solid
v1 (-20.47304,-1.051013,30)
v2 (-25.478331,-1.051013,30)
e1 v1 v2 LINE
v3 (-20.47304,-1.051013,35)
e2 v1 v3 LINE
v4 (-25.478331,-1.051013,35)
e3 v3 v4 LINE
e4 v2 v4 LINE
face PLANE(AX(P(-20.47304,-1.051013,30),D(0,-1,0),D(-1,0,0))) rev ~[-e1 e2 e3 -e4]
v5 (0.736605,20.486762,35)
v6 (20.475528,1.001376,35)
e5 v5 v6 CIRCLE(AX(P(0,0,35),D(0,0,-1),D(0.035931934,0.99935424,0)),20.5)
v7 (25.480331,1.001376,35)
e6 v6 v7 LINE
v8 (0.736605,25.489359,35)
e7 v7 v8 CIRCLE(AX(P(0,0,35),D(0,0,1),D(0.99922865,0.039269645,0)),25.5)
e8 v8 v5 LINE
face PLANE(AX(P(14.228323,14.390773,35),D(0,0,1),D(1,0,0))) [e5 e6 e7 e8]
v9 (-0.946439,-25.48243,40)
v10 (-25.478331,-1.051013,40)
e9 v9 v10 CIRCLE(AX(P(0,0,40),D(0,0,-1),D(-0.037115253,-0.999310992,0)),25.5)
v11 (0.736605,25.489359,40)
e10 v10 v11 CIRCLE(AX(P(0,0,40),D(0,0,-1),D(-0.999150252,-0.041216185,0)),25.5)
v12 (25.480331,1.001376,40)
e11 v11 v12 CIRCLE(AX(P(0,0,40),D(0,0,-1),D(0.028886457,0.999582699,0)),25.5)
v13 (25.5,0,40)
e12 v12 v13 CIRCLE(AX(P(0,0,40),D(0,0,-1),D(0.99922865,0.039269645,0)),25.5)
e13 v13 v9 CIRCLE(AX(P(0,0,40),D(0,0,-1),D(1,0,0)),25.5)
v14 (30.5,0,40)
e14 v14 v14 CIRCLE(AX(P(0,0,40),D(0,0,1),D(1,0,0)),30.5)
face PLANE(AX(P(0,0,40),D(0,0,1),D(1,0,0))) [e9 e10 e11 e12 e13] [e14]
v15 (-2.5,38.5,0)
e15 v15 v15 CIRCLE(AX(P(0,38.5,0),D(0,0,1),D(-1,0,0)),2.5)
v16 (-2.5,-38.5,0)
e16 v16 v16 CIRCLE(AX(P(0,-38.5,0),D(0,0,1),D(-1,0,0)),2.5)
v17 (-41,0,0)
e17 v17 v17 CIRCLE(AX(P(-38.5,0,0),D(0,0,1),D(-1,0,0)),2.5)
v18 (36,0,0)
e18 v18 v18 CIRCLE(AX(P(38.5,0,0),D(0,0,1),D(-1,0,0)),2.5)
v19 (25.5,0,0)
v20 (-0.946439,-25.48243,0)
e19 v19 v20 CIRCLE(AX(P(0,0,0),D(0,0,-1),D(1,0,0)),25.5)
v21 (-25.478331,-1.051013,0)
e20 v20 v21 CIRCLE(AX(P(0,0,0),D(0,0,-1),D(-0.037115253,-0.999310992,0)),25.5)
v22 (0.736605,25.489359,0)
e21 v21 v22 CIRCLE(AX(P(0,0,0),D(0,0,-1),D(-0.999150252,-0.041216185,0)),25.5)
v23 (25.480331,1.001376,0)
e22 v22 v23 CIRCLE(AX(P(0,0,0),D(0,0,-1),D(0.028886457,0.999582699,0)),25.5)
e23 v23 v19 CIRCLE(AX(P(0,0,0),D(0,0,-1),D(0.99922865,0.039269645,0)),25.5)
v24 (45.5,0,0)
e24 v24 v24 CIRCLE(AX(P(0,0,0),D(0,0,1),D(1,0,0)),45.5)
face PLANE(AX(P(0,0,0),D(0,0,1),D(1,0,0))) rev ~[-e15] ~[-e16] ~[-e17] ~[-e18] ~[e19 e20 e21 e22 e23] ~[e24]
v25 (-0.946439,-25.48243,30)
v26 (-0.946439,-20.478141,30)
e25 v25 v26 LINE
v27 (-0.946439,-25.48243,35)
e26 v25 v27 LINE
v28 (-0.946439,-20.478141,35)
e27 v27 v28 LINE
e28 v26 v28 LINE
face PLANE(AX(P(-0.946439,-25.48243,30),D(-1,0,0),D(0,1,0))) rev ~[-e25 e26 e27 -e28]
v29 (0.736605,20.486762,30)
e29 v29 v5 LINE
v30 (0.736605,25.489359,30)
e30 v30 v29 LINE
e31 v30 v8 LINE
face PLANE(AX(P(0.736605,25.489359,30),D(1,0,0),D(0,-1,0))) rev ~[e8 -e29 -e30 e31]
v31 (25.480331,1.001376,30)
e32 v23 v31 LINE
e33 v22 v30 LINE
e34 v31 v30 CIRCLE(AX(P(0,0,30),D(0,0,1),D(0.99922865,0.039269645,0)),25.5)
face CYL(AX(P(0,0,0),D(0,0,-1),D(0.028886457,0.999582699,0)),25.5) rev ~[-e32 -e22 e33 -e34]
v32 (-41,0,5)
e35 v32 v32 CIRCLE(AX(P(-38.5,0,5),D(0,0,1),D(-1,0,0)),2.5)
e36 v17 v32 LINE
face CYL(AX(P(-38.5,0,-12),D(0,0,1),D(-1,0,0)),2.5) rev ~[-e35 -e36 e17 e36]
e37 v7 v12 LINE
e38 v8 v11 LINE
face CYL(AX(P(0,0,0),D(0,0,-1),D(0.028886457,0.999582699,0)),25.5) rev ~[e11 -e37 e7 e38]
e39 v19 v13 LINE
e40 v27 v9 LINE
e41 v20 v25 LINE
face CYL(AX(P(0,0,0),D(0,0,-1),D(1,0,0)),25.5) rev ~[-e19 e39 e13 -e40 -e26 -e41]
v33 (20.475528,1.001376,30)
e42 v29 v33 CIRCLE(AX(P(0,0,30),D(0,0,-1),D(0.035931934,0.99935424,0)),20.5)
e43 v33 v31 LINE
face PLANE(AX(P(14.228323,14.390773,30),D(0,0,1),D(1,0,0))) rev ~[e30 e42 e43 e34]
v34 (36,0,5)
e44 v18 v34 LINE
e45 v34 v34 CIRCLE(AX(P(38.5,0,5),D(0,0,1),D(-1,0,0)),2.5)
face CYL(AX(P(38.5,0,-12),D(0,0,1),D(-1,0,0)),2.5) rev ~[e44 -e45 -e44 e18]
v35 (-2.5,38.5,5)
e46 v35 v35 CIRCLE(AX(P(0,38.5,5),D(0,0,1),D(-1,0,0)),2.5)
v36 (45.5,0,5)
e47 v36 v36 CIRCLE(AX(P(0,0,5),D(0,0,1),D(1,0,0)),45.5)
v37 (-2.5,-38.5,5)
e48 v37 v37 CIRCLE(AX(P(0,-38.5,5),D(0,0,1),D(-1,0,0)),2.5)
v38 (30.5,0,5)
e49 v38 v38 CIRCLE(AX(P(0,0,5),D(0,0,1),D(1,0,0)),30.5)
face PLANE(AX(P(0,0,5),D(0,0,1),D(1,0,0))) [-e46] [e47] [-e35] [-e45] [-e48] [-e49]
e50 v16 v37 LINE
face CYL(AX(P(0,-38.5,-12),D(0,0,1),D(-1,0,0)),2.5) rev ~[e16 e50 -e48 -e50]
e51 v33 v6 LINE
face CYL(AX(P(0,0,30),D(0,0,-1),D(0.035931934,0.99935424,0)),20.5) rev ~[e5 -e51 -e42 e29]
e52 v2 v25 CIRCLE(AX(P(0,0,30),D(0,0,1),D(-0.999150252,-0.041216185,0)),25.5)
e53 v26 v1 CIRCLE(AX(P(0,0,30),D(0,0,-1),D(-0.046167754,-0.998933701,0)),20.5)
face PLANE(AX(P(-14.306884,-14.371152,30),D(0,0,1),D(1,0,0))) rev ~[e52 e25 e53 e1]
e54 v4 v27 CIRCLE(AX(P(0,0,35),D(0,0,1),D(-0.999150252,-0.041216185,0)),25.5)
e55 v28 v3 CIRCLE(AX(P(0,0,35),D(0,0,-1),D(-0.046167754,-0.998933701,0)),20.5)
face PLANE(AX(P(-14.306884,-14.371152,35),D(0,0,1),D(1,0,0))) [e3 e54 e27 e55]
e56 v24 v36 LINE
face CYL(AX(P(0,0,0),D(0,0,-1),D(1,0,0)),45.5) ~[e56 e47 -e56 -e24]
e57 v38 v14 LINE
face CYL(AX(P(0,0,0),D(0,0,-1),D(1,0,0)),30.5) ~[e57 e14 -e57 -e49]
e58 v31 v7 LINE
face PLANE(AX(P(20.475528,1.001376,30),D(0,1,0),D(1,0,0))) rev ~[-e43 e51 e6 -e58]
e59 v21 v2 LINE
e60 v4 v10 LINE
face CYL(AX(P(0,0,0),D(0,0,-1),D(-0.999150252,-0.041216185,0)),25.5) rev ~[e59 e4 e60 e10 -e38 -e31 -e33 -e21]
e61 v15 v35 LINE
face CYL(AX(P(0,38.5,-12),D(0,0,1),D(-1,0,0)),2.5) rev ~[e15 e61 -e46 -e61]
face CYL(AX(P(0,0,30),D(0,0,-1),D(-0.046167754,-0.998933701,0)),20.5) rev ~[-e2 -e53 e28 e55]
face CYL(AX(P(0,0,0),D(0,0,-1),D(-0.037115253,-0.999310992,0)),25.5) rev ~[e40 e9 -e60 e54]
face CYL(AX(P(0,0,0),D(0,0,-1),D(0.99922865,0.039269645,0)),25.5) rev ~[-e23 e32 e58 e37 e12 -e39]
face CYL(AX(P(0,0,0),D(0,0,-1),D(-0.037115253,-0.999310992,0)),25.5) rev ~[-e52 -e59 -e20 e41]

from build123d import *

# Parameters (mm, degrees)
F0_R     = 45.5
F0_R_2   = 30.5
F1_DEPTH = 5
F2_DEPTH = 40
F3_D     = 5
F3_DEPTH = 12
F3_TIP   = 1.5021515476
F4_START = 30
F4_DEPTH = 5


with BuildPart() as f1:
    # F0 (on Top) → F1 (new body)
    with BuildSketch(Plane.XY):
        Circle(F0_R)
        Circle(F0_R_2, mode=Mode.SUBTRACT)
    extrude(amount=F1_DEPTH)

    # F0 (on Top) → F2 (join)
    with BuildSketch(Plane.XY):
        Circle(F0_R_2)
        with BuildLine():
            ThreePointArc((25.4803305747, 1.0013759549), (25.4950821695, 0.5007845568), (25.5, 0))
            ThreePointArc((25.5, 0), (17.6934423844, -18.3627910893), (-0.9464389481, -25.4824302867))
            ThreePointArc((-0.9464389481, -25.4824302867), (-17.9941841556, -18.0681857577), (-25.4783314262, -1.051012719))
            ThreePointArc((-25.4783314262, -1.051012719), (-18.1421082442, 17.9196514602), (0.7366046437, 25.4893588307))
            ThreePointArc((0.7366046437, 25.4893588307), (17.937314442, 18.1246448409), (25.4803305747, 1.0013759549))
        make_face(mode=Mode.SUBTRACT)
    extrude(amount=F2_DEPTH)

    # F3
    with Locations(Plane(origin=(0, 0, 0), x_dir=(1, 0, 0), z_dir=(0, 0, -1))):
        with Locations((38.5, 0), (-38.5, 0), (0, 38.5), (0, -38.5)):
            Hole(F3_D / 2, depth=F3_DEPTH)
            with Locations((0, 0, -(F3_DEPTH + F3_TIP / 2))):  # 118° drill point
                Cone(0, F3_D / 2, F3_TIP, mode=Mode.SUBTRACT)

    # F0 (on Top) → F4 (join)
    with BuildSketch(Plane.XY.offset(F4_START)):
        with BuildLine():
            Line((20.4755279833, 1.0013759549), (25.4803305747, 1.0013759549))
            ThreePointArc((25.4803305747, 1.0013759549), (17.937314442, 18.1246448409), (0.7366046437, 25.4893588307))
            Line((0.7366046437, 25.4893588307), (0.7366046437, 20.486761911))
            ThreePointArc((0.7366046437, 20.486761911), (14.4016911893, 14.5890812215), (20.4755279833, 1.0013759549))
        make_face()
        with BuildLine():
            ThreePointArc((-25.4783314262, -1.051012719), (-17.9941841556, -18.0681857577), (-0.9464389481, -25.4824302867))
            Line((-0.9464389481, -25.4824302867), (-0.9464389481, -20.4781408658))
            ThreePointArc((-0.9464389481, -20.4781408658), (-14.4586253852, -14.5326581179), (-20.4730401324, -1.051012719))
            Line((-20.4730401324, -1.051012719), (-25.4783314262, -1.051012719))
        make_face()
    extrude(amount=F4_DEPTH)


solid = f1.part
